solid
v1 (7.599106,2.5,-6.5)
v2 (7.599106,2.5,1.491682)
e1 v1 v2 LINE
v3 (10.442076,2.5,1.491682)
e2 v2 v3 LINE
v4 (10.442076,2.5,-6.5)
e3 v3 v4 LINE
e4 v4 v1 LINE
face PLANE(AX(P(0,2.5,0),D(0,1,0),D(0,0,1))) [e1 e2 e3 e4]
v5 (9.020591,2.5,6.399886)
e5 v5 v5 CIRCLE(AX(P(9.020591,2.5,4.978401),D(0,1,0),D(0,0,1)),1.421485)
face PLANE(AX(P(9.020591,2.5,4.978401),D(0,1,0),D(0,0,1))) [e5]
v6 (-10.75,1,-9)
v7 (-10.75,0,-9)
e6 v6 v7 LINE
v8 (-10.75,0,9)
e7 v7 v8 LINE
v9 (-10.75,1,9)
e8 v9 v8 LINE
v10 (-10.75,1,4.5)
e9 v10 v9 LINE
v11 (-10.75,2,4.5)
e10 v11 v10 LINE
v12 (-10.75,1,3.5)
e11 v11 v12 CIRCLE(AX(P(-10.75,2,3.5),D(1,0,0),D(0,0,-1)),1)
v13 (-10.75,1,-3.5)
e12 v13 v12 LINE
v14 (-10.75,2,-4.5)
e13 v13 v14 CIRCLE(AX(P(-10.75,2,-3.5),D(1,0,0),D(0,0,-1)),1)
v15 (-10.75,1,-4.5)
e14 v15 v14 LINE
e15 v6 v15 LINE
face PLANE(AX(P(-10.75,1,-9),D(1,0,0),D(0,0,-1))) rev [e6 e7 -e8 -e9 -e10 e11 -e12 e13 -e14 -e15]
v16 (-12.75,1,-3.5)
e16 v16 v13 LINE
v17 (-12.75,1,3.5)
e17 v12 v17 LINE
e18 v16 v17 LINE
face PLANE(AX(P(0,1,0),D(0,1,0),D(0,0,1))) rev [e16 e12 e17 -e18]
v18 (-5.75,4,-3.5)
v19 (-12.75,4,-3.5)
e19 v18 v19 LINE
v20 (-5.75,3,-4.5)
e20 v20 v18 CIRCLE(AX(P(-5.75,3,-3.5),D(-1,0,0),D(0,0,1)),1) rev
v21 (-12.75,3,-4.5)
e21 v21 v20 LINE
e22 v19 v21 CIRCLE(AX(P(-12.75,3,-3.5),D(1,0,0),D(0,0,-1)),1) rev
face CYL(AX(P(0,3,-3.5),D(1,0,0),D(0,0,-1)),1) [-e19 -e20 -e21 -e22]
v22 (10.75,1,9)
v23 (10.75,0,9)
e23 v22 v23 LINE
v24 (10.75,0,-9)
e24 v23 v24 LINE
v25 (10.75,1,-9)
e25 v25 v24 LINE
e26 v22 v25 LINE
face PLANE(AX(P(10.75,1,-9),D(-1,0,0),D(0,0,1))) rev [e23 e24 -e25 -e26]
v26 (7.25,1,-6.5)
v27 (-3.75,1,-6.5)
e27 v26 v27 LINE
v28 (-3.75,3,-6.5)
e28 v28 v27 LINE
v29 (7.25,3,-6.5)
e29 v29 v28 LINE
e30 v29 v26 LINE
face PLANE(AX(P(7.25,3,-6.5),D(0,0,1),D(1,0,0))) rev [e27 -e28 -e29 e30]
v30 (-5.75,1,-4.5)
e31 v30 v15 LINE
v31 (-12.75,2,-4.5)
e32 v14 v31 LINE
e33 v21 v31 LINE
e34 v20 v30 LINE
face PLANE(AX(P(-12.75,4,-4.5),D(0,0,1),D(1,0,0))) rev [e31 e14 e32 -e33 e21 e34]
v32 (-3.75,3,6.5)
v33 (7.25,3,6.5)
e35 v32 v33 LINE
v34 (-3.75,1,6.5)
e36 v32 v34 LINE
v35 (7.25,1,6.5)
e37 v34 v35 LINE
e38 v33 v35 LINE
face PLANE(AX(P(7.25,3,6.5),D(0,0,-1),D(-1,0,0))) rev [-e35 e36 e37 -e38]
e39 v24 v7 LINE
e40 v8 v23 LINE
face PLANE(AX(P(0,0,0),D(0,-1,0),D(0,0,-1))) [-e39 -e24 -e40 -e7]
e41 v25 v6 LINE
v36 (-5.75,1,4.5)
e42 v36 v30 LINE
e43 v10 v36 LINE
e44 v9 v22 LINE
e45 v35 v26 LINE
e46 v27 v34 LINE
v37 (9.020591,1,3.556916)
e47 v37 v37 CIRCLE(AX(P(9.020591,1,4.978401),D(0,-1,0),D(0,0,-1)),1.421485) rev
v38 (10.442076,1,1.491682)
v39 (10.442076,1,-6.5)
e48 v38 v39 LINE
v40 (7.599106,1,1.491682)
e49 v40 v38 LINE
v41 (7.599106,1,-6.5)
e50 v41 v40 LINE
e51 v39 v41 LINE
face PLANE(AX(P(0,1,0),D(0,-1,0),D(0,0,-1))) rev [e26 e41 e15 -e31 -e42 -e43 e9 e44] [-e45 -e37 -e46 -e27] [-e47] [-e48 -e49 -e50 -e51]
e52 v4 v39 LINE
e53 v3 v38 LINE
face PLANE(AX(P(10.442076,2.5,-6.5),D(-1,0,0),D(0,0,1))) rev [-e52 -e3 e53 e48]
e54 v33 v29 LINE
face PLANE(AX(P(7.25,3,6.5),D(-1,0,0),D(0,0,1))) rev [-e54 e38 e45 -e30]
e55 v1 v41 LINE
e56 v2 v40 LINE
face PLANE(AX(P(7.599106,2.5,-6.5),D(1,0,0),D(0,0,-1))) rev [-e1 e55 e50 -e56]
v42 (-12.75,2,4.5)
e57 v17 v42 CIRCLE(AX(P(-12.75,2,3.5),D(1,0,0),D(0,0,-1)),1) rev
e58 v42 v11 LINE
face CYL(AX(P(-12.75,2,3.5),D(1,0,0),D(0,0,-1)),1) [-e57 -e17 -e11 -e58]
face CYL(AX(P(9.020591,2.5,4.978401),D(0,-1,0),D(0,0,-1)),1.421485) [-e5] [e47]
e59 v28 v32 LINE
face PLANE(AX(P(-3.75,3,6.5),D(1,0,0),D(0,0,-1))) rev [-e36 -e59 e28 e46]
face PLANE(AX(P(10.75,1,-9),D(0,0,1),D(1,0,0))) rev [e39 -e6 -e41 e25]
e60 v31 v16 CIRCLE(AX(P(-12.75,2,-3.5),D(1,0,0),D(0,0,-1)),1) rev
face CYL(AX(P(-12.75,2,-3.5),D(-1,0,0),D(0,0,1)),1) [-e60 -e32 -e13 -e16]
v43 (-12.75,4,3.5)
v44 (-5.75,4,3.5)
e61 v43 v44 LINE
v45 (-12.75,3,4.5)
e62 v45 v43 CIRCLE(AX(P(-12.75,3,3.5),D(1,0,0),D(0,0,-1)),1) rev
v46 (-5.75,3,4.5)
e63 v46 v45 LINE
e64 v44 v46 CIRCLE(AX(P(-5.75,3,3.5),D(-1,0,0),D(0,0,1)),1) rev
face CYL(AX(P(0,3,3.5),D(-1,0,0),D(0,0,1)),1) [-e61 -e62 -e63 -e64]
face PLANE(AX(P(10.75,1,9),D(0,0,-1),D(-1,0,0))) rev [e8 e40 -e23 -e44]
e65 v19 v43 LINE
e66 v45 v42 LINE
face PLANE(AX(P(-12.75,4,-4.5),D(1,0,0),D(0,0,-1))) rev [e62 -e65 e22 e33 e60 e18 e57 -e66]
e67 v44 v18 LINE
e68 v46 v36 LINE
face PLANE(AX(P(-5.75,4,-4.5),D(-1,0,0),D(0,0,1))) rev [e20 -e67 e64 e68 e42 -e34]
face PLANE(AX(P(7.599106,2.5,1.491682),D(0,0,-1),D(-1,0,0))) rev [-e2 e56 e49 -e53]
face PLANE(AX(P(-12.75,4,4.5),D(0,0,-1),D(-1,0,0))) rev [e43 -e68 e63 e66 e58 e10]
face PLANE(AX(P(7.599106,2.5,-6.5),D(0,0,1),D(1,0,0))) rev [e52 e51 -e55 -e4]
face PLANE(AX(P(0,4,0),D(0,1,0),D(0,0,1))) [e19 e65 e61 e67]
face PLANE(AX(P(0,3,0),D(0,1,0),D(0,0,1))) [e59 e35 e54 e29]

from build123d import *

# Parameters (mm, degrees)
SKETCH1_W           = 21.5
SKETCH1_H           = 18
BOSS_EXTRUDE1_DEPTH = 1
SKETCH2_W           = 7
SKETCH2_H           = 9
BOSS_EXTRUDE2_DEPTH = 3
FILLET1_R           = 1
SKETCH3_W           = 11
SKETCH3_H           = 13
BOSS_EXTRUDE3_DEPTH = 2
SKETCH4_R           = 1.421484938
SKETCH4_W           = 2.842969875
SKETCH4_H           = 7.991681725
BOSS_EXTRUDE5_DEPTH = 1.5


with BuildPart() as part:
    # Sketch1 → Boss-Extrude1 (new body)
    with BuildSketch(Plane(origin=(0, 0, 0), x_dir=(1, 0, 0), z_dir=(0, 1, 0))):
        Rectangle(SKETCH1_W, SKETCH1_H)
    extrude(amount=BOSS_EXTRUDE1_DEPTH)

    # Sketch2 → Boss-Extrude2 (add)
    with BuildSketch(Plane(origin=(0, 1, 0), x_dir=(1, 0, 0), z_dir=(0, 1, 0))):
        with Locations((-9.25, 0)):
            Rectangle(SKETCH2_W, SKETCH2_H)
    extrude(amount=BOSS_EXTRUDE2_DEPTH)

    # Fillet1
    fillet1_edges = [part.edges().sort_by_distance(p)[0] for p in [
        (-11.75, 1, 4.5),
        (-11.75, 1, -4.5),
        (-9.25, 4, 4.5),
        (-9.25, 4, -4.5),
    ]]
    fillet(fillet1_edges, radius=FILLET1_R)

    # Sketch3 → Boss-Extrude3 (add)
    with BuildSketch(Plane(origin=(0, 1, 0), x_dir=(1, 0, 0), z_dir=(0, 1, 0))):
        with Locations((1.75, 0)):
            Rectangle(SKETCH3_W, SKETCH3_H)
    extrude(amount=BOSS_EXTRUDE3_DEPTH)

    # Sketch4 → Boss-Extrude5 (add)
    with BuildSketch(Plane(origin=(0, 1, 0), x_dir=(1, 0, 0), z_dir=(0, 1, 0))):
        with Locations(Location((9.020591351, -4.978400633, 0), (0, 0, 90))):
            Circle(SKETCH4_R)
        with Locations((9.020591352, 2.504159137)):
            Rectangle(SKETCH4_W, SKETCH4_H)
    extrude(amount=BOSS_EXTRUDE5_DEPTH)


solid = part.part
